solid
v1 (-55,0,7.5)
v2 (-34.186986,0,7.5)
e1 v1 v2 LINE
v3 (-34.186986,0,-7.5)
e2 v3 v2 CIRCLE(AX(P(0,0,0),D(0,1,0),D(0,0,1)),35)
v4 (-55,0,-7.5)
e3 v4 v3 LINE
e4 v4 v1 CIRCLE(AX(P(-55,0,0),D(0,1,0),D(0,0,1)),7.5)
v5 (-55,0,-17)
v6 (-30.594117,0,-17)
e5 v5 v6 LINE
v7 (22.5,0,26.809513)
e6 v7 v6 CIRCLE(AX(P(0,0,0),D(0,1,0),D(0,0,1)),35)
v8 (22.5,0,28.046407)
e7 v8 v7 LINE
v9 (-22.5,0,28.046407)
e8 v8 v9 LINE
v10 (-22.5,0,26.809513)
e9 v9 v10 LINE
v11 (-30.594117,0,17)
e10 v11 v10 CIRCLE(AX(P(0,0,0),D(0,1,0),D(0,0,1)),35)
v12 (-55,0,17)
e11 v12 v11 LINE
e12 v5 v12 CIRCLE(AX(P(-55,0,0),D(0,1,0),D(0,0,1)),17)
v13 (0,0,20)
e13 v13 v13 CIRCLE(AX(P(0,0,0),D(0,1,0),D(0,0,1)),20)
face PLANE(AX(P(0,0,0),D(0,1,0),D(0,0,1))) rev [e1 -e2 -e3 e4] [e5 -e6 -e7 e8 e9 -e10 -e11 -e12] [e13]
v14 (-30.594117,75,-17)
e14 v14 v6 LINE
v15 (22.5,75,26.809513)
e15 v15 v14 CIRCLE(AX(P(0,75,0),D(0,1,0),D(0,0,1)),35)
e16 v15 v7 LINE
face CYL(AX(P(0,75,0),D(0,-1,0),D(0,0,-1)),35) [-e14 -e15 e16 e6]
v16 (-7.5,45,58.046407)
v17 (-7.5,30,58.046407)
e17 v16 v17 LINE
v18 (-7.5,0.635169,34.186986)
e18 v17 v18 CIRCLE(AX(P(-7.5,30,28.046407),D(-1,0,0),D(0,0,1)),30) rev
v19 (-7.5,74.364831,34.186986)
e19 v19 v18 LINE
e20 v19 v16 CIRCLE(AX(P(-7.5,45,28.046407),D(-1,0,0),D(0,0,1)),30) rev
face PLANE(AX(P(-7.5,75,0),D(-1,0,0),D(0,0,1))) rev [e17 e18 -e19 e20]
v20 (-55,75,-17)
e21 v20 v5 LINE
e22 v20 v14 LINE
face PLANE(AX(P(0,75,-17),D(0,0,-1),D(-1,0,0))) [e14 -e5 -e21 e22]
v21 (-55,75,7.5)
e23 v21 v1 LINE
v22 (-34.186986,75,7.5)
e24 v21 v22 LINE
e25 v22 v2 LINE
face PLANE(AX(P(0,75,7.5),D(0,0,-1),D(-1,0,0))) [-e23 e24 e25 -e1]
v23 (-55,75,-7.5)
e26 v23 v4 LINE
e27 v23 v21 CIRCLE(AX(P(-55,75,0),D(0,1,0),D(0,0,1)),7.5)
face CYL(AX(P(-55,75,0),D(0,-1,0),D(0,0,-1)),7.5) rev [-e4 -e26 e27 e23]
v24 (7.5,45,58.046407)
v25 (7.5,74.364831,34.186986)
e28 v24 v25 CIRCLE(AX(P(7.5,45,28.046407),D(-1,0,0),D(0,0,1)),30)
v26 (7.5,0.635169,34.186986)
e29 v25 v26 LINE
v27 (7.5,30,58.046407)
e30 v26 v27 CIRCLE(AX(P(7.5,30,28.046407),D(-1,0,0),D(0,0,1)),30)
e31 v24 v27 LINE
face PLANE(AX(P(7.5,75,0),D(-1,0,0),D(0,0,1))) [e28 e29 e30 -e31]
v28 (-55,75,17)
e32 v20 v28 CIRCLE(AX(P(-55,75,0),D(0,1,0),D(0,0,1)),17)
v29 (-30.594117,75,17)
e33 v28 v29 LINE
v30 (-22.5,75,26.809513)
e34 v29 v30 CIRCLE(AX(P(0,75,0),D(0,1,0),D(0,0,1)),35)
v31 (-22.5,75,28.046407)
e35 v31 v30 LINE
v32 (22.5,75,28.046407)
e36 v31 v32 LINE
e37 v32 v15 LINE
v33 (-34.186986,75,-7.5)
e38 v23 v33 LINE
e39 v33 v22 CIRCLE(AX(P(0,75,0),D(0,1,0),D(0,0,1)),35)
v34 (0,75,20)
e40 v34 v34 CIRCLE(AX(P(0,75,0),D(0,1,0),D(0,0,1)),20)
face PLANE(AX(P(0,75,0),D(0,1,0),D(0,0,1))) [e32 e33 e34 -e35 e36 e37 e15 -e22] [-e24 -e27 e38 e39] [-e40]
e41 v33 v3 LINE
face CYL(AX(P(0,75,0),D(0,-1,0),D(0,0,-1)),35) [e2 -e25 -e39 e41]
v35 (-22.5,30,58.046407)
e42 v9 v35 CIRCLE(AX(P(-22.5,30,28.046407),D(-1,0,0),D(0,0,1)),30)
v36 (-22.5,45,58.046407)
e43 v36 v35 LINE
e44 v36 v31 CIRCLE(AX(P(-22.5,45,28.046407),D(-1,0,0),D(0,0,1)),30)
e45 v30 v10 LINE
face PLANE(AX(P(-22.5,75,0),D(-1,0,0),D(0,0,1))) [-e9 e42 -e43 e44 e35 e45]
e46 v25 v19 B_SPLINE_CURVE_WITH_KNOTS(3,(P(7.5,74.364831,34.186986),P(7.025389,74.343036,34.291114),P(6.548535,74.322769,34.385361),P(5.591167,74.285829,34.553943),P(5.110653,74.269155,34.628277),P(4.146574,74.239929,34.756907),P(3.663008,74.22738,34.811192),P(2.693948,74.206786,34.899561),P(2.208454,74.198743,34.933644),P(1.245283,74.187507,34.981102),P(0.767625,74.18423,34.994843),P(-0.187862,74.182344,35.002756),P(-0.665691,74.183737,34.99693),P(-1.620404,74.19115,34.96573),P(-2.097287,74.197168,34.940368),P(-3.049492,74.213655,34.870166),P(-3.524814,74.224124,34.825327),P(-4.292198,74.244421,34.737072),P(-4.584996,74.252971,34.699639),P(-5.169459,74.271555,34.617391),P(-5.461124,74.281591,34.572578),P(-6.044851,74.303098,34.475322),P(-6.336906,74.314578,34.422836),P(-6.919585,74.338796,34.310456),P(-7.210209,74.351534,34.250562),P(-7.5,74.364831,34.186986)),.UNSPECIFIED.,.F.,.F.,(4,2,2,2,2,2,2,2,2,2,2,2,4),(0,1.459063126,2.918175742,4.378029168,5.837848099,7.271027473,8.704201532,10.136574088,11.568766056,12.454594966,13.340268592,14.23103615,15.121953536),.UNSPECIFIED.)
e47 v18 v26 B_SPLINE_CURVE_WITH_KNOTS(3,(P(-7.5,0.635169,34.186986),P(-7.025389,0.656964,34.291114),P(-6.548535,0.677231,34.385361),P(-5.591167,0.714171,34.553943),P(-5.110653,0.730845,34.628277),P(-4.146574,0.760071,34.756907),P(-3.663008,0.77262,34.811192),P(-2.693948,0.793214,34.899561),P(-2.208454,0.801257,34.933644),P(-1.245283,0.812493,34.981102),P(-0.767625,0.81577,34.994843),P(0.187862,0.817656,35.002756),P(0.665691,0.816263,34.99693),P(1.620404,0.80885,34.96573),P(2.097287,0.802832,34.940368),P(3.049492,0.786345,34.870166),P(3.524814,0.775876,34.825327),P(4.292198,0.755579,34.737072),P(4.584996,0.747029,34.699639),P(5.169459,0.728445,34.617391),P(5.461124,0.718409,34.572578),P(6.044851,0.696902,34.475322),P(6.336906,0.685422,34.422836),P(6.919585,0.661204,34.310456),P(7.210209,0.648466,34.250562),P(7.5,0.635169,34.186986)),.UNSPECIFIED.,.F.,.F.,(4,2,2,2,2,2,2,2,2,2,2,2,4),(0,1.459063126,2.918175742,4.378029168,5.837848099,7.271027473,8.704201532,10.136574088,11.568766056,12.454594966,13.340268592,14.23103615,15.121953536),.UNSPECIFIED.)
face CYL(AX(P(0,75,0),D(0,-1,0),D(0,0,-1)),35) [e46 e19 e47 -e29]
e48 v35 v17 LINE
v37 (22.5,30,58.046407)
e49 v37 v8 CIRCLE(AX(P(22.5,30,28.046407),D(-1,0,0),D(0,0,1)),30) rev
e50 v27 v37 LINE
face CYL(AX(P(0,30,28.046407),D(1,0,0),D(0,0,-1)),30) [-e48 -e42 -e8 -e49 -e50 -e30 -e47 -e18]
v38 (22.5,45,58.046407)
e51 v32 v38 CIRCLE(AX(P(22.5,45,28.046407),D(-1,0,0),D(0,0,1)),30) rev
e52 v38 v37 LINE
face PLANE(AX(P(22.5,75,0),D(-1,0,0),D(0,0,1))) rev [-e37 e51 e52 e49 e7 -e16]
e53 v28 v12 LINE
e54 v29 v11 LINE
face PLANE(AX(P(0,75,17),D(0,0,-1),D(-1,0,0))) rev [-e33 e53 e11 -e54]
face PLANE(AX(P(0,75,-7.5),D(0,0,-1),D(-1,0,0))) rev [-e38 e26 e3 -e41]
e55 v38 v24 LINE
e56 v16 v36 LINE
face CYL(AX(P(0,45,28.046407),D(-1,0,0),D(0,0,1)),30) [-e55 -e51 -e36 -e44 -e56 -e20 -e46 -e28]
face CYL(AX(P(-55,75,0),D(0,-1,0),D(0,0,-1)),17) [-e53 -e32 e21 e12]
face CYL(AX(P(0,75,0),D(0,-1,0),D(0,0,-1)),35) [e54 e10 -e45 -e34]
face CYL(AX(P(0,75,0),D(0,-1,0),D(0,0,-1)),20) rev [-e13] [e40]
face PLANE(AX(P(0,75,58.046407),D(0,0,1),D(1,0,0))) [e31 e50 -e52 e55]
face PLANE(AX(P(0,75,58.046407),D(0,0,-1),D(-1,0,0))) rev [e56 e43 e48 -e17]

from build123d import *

# Parameters (mm, degrees)
SKETCH1_R           = 35
SKETCH1_R_2         = 20
BOSS_EXTRUDE6_DEPTH = 75
FILLET1_R           = 30


with BuildPart() as part:
    # Sketch1 → Boss-Extrude6 (new body)
    # profile 1 of 4: a face of its own
    with BuildSketch(Plane(origin=(0, 0, 0), x_dir=(1, 0, 0), z_dir=(0, 1, 0))):
        with BuildLine():
            ThreePointArc((-7.5, -34.186985828), (-15.446901808, -31.406897722), (-22.5, -26.809513237))
            Line((-22.5, -26.809513237), (-22.5, -58.046407186))
            Line((-22.5, -58.046407186), (-7.5, -58.046407186))
            Line((-7.5, -58.046407186), (-7.5, -34.186985828))
        make_face()
    # profile 2 of 4: a face of its own
    with BuildSketch(Plane(origin=(0, 0, 0), x_dir=(1, 0, 0), z_dir=(0, 1, 0))):
        with BuildLine():
            Line((22.5, -58.046407186), (22.5, -26.809513237))
            ThreePointArc((22.5, -26.809513237), (15.446901808, -31.406897722), (7.5, -34.186985828))
            Line((7.5, -34.186985828), (7.5, -58.046407186))
            Line((7.5, -58.046407186), (22.5, -58.046407186))
        make_face()
    # profile 3 of 4: a face of its own
    with BuildSketch(Plane(origin=(0, 0, 0), x_dir=(1, 0, 0), z_dir=(0, 1, 0))):
        Circle(SKETCH1_R)
        with Locations(Location((0, 0, 0), (0, 0, 270))):
            Circle(SKETCH1_R_2, mode=Mode.SUBTRACT)
    # profile 4 of 4: a face of its own
    with BuildSketch(Plane(origin=(0, 0, 0), x_dir=(1, 0, 0), z_dir=(0, 1, 0))):
        with BuildLine():
            ThreePointArc((-55, -7.5), (-62.5, 0), (-55, 7.5))
            Line((-55, 7.5), (-34.186985828, 7.5))
            ThreePointArc((-34.186985828, 7.5), (-32.736987087, 12.381020816), (-30.594117082, 17))
            Line((-30.594117082, 17), (-55, 17))
            ThreePointArc((-55, 17), (-72, 0), (-55, -17))
            Line((-55, -17), (-30.594117082, -17))
            ThreePointArc((-30.594117082, -17), (-32.736987087, -12.381020816), (-34.186985828, -7.5))
            Line((-34.186985828, -7.5), (-55, -7.5))
        make_face()
    extrude(amount=BOSS_EXTRUDE6_DEPTH)

    # Fillet1
    fillet1_edges = [part.edges().sort_by_distance(p)[0] for p in [
        (-15, 0, 58.046407186),
        (-15, 75, 58.046407186),
    ]]
    fillet(fillet1_edges, radius=FILLET1_R)


solid = part.part
